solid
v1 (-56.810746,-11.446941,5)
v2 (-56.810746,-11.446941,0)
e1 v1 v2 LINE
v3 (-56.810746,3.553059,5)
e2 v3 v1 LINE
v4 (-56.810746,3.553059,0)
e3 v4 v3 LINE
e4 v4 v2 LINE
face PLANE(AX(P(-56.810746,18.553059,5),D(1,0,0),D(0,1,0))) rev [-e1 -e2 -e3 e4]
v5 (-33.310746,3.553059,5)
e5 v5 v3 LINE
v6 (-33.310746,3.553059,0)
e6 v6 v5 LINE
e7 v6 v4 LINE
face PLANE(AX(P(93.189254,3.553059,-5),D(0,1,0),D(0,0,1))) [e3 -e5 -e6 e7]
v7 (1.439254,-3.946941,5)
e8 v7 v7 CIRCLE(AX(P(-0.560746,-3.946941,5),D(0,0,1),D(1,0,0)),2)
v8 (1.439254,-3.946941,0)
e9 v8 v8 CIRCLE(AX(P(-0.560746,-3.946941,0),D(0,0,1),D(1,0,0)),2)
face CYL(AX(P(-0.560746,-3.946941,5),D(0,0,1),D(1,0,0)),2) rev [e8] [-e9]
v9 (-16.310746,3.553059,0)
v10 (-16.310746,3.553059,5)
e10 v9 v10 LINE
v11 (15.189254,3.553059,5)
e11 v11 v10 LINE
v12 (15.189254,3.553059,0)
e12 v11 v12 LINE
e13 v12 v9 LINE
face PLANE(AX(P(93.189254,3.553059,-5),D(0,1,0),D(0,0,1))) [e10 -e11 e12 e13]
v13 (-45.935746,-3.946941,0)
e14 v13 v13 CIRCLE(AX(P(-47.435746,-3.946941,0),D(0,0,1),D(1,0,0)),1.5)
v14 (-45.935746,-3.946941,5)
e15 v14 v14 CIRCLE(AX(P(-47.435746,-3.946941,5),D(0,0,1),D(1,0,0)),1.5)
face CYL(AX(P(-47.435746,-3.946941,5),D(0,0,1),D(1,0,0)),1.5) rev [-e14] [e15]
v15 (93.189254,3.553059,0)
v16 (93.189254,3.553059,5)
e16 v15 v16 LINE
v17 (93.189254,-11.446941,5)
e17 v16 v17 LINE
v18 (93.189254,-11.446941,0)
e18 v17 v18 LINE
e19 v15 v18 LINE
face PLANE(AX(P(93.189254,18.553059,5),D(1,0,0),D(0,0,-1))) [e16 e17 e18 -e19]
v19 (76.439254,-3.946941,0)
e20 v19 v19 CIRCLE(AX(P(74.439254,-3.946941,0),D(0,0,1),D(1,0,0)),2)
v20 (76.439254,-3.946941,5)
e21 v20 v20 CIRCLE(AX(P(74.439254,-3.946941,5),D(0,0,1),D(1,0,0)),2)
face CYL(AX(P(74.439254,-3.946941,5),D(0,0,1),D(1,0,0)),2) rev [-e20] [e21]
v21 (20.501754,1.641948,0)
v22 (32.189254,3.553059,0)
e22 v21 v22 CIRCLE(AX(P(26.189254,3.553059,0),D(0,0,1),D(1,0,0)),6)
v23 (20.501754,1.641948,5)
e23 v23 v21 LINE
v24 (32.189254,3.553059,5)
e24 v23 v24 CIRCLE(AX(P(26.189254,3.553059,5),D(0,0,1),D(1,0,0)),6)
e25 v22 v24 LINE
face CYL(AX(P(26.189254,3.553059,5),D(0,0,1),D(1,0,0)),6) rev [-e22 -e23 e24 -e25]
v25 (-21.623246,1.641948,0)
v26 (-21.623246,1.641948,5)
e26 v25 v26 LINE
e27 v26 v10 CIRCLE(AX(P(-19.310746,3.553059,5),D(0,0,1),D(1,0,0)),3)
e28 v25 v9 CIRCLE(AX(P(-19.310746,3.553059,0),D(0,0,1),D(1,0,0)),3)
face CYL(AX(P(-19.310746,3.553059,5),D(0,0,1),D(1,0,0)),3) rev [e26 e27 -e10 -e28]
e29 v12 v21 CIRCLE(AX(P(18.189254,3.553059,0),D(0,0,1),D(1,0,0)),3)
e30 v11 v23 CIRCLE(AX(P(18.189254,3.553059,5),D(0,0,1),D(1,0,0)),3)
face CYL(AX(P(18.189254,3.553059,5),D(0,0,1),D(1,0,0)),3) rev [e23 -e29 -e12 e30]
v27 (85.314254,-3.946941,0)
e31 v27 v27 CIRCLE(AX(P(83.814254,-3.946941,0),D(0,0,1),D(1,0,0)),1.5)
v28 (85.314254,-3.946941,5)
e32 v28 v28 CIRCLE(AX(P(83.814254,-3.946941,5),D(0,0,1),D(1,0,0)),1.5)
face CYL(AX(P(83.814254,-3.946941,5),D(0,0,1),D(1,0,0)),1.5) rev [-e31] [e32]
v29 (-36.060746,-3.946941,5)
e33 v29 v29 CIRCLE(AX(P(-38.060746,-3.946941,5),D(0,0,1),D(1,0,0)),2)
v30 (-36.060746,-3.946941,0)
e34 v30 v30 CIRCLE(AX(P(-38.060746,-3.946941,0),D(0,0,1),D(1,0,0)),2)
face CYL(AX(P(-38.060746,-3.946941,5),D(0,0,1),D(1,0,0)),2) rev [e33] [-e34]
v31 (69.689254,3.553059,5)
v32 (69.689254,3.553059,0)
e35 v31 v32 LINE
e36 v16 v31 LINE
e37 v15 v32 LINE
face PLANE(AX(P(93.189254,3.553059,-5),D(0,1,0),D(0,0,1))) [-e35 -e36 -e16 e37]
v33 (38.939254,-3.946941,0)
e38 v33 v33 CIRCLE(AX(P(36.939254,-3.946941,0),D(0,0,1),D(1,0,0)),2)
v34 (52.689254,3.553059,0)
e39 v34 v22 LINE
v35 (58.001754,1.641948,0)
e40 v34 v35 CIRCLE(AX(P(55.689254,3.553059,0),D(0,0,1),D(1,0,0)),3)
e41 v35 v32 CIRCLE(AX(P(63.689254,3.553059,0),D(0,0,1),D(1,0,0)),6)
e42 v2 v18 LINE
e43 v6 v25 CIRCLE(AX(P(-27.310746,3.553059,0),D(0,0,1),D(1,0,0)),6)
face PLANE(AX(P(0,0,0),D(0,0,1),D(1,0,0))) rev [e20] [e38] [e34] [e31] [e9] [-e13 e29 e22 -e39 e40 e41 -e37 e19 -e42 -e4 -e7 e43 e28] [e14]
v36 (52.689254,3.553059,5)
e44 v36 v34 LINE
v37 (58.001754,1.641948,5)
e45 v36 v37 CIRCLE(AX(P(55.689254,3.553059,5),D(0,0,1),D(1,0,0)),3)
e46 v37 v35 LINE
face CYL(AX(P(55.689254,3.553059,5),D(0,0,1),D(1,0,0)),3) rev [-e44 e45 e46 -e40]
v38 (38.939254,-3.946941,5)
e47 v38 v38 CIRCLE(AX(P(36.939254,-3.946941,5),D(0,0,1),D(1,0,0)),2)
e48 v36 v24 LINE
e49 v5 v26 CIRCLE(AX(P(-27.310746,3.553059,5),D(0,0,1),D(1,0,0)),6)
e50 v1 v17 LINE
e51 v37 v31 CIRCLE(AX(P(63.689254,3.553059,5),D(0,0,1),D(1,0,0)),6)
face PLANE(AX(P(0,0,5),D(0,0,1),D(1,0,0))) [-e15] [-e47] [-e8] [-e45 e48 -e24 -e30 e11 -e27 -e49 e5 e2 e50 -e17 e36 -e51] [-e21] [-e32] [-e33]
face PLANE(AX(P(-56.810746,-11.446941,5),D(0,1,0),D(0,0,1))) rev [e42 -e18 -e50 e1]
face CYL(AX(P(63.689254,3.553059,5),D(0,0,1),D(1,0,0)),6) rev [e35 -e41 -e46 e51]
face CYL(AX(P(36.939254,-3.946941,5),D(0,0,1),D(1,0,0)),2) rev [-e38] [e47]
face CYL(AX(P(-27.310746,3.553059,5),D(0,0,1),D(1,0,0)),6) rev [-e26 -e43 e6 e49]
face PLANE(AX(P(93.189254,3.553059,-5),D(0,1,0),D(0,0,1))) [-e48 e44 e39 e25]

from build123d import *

# Parameters (mm, degrees)
SKETCH1_W                      = 150
SKETCH1_H                      = 30
BOSS_EXTRUDE1_DEPTH            = 5
F_6_0MM_DOWEL_HOLE1_AT_2_COUNT = 2
F_6_0MM_DOWEL_HOLE1_AT_2_PITCH = 37.5
F_4_0MM_DOWEL_HOLE1_AT_2_COUNT = 2
F_4_0MM_DOWEL_HOLE1_AT_2_PITCH = 37.5
F_12_0MM_DOWEL_HOLE2_D         = 12
F_12_0MM_DOWEL_HOLE2_DEPTH     = 25
F_12_0MM_DOWEL_HOLE2_TIP       = 3.605163714
SKETCH30_W                     = 150
SKETCH30_H                     = 15
CUT_EXTRUDE1_DEPTH             = 10
F_12_0MM_DOWEL_HOLE3_D         = 12
F_12_0MM_DOWEL_HOLE3_DEPTH     = 12.75
F_12_0MM_DOWEL_HOLE3_TIP       = 3.605163714


with BuildPart() as part:
    # Sketch1 → Boss-Extrude1 (new body)
    with BuildSketch(Plane.XY):
        with Locations((18.189254194, 3.553058878)):
            Rectangle(SKETCH1_W, SKETCH1_H)
    extrude(amount=BOSS_EXTRUDE1_DEPTH)

    # Sketch4 → Ø6.0mm Dowel Hole1 (revolve, cut)
    with BuildSketch(Plane(origin=(55.689254194, 3.553058878, 5), x_dir=(0, -1, 0), z_dir=(1, 0, 0))):
        Polygon((0, 0), (0, 26.802581857), (3, 25), (3, 0), align=None)
    f_6_0mm_dowel_hole1 = revolve(axis=Axis((55.689254194, 3.553058878, 11.35), (0, 0, -1)), mode=Mode.SUBTRACT)

    # Ø6.0mm Dowel Hole1 at 2: Ø6.0mm Dowel Hole1 ×2
    with Locations(*[(-i * F_6_0MM_DOWEL_HOLE1_AT_2_PITCH, 0, 0) for i in range(1, F_6_0MM_DOWEL_HOLE1_AT_2_COUNT)]):
        add(f_6_0mm_dowel_hole1, mode=Mode.SUBTRACT)

    # Mirror1: Ø6.0mm Dowel Hole1 across plane
    add(f_6_0mm_dowel_hole1.mirror(Plane.ZY.offset(-18.189254194)), mode=Mode.SUBTRACT)

    # Mirror1 copy 1 sketch → Mirror1 copy 1 (revolve, cut)
    with BuildSketch(Plane(origin=(18.189254194, 3.553058878, 5), x_dir=(0, -1, 0), z_dir=(-1, 0, 0))):
        Polygon((0, 0), (0, -26.802581857), (3, -25), (3, 0), align=None)
    revolve(axis=Axis((18.189254194, 3.553058878, 11.35), (0, 0, 1)), mode=Mode.SUBTRACT)

    # Sketch6 → Ø4.0mm Dowel Hole1 (revolve, cut)
    with BuildSketch(Plane(origin=(74.439254194, 11.053058878, 5), x_dir=(0, -1, 0), z_dir=(1, 0, 0))):
        Polygon((0, 0), (0, 26.201721238), (2, 25), (2, 0), align=None)
    f_4_0mm_dowel_hole1 = revolve(axis=Axis((74.439254194, 11.053058878, 11.35), (0, 0, -1)), mode=Mode.SUBTRACT)

    # Ø4.0mm Dowel Hole1 at 2: Ø4.0mm Dowel Hole1 ×2
    with Locations(*[(-i * F_4_0MM_DOWEL_HOLE1_AT_2_PITCH, 0, 0) for i in range(1, F_4_0MM_DOWEL_HOLE1_AT_2_COUNT)]):
        add(f_4_0mm_dowel_hole1, mode=Mode.SUBTRACT)

    # Mirror2: Ø4.0mm Dowel Hole1 across plane
    add(f_4_0mm_dowel_hole1.mirror(Plane.ZX.offset(3.553058878)), mode=Mode.SUBTRACT)

    # Mirror2 copy 1 sketch → Mirror2 copy 1 (revolve, cut)
    with BuildSketch(Plane(origin=(36.939254194, -3.946941122, 5), x_dir=(0, 1, 0), z_dir=(1, 0, 0))):
        Polygon((0, 0), (0, -26.201721238), (2, -25), (2, 0), align=None)
    revolve(axis=Axis((36.939254194, -3.946941122, 11.35), (0, 0, 1)), mode=Mode.SUBTRACT)

    # Mirror3: Ø4.0mm Dowel Hole1 across plane
    add(f_4_0mm_dowel_hole1.mirror(Plane.ZY.offset(-18.189254194)), mode=Mode.SUBTRACT)

    # Mirror3 copy 1 sketch → Mirror3 copy 1 (revolve, cut)
    with BuildSketch(Plane(origin=(-38.060745806, -3.946941122, 5), x_dir=(0, 1, 0), z_dir=(-1, 0, 0))):
        Polygon((0, 0), (0, 26.201721238), (2, 25), (2, 0), align=None)
    revolve(axis=Axis((-38.060745806, -3.946941122, 11.35), (0, 0, -1)), mode=Mode.SUBTRACT)

    # Mirror3 copy 2 sketch → Mirror3 copy 2 (revolve, cut)
    with BuildSketch(Plane(origin=(-0.560745806, -3.946941122, 5), x_dir=(0, 1, 0), z_dir=(-1, 0, 0))):
        Polygon((0, 0), (0, 26.201721238), (2, 25), (2, 0), align=None)
    revolve(axis=Axis((-0.560745806, -3.946941122, 11.35), (0, 0, -1)), mode=Mode.SUBTRACT)

    # Mirror3 copy 3 sketch → Mirror3 copy 3 (revolve, cut)
    with BuildSketch(Plane(origin=(-0.560745806, 11.053058878, 5), x_dir=(0, -1, 0), z_dir=(-1, 0, 0))):
        Polygon((0, 0), (0, -26.201721238), (2, -25), (2, 0), align=None)
    revolve(axis=Axis((-0.560745806, 11.053058878, 11.35), (0, 0, 1)), mode=Mode.SUBTRACT)

    # Sketch23 → Ø3.0mm Dowel Hole2 (revolve, cut)
    with BuildSketch(Plane(origin=(-47.435745806, -3.946941122, 5), x_dir=(0, -1, 0), z_dir=(1, 0, 0))):
        Polygon((0, 0), (0, 25.901290929), (1.5, 25), (1.5, 0), align=None)
    f_3_0mm_dowel_hole2 = revolve(axis=Axis((-47.435745806, -3.946941122, 11.35), (0, 0, -1)), mode=Mode.SUBTRACT)

    # Mirror5: Ø3.0mm Dowel Hole2 across plane
    add(f_3_0mm_dowel_hole2.mirror(Plane.ZY.offset(-18.189254194)), mode=Mode.SUBTRACT)

    # Ø12.0mm Dowel Hole2
    with Locations(Plane(origin=(26.189254194, 3.553058878, 5), x_dir=(1, 0, 0), z_dir=(0, 0, 1))):
        with Locations((0, 0)):
            Hole(F_12_0MM_DOWEL_HOLE2_D / 2, depth=F_12_0MM_DOWEL_HOLE2_DEPTH)
            with Locations((0, 0, -(F_12_0MM_DOWEL_HOLE2_DEPTH + F_12_0MM_DOWEL_HOLE2_TIP / 2))):  # 118° drill point
                Cone(0, F_12_0MM_DOWEL_HOLE2_D / 2, F_12_0MM_DOWEL_HOLE2_TIP, mode=Mode.SUBTRACT)

    # Sketch30 → Cut-Extrude1 (cut)
    with BuildSketch(Plane.XY.offset(5)):
        with Locations((18.189254194, 11.053058878)):
            Rectangle(SKETCH30_W, SKETCH30_H)
    extrude(amount=-CUT_EXTRUDE1_DEPTH, mode=Mode.SUBTRACT)

    # Ø12.0mm Dowel Hole3
    with Locations(Plane.XY.offset(5)):
        with Locations((63.689254194, 3.553058878), (-27.310745806, 3.553058878)):
            Hole(F_12_0MM_DOWEL_HOLE3_D / 2, depth=F_12_0MM_DOWEL_HOLE3_DEPTH)
            with Locations((0, 0, -(F_12_0MM_DOWEL_HOLE3_DEPTH + F_12_0MM_DOWEL_HOLE3_TIP / 2))):  # 118° drill point
                Cone(0, F_12_0MM_DOWEL_HOLE3_D / 2, F_12_0MM_DOWEL_HOLE3_TIP, mode=Mode.SUBTRACT)


solid = part.part
